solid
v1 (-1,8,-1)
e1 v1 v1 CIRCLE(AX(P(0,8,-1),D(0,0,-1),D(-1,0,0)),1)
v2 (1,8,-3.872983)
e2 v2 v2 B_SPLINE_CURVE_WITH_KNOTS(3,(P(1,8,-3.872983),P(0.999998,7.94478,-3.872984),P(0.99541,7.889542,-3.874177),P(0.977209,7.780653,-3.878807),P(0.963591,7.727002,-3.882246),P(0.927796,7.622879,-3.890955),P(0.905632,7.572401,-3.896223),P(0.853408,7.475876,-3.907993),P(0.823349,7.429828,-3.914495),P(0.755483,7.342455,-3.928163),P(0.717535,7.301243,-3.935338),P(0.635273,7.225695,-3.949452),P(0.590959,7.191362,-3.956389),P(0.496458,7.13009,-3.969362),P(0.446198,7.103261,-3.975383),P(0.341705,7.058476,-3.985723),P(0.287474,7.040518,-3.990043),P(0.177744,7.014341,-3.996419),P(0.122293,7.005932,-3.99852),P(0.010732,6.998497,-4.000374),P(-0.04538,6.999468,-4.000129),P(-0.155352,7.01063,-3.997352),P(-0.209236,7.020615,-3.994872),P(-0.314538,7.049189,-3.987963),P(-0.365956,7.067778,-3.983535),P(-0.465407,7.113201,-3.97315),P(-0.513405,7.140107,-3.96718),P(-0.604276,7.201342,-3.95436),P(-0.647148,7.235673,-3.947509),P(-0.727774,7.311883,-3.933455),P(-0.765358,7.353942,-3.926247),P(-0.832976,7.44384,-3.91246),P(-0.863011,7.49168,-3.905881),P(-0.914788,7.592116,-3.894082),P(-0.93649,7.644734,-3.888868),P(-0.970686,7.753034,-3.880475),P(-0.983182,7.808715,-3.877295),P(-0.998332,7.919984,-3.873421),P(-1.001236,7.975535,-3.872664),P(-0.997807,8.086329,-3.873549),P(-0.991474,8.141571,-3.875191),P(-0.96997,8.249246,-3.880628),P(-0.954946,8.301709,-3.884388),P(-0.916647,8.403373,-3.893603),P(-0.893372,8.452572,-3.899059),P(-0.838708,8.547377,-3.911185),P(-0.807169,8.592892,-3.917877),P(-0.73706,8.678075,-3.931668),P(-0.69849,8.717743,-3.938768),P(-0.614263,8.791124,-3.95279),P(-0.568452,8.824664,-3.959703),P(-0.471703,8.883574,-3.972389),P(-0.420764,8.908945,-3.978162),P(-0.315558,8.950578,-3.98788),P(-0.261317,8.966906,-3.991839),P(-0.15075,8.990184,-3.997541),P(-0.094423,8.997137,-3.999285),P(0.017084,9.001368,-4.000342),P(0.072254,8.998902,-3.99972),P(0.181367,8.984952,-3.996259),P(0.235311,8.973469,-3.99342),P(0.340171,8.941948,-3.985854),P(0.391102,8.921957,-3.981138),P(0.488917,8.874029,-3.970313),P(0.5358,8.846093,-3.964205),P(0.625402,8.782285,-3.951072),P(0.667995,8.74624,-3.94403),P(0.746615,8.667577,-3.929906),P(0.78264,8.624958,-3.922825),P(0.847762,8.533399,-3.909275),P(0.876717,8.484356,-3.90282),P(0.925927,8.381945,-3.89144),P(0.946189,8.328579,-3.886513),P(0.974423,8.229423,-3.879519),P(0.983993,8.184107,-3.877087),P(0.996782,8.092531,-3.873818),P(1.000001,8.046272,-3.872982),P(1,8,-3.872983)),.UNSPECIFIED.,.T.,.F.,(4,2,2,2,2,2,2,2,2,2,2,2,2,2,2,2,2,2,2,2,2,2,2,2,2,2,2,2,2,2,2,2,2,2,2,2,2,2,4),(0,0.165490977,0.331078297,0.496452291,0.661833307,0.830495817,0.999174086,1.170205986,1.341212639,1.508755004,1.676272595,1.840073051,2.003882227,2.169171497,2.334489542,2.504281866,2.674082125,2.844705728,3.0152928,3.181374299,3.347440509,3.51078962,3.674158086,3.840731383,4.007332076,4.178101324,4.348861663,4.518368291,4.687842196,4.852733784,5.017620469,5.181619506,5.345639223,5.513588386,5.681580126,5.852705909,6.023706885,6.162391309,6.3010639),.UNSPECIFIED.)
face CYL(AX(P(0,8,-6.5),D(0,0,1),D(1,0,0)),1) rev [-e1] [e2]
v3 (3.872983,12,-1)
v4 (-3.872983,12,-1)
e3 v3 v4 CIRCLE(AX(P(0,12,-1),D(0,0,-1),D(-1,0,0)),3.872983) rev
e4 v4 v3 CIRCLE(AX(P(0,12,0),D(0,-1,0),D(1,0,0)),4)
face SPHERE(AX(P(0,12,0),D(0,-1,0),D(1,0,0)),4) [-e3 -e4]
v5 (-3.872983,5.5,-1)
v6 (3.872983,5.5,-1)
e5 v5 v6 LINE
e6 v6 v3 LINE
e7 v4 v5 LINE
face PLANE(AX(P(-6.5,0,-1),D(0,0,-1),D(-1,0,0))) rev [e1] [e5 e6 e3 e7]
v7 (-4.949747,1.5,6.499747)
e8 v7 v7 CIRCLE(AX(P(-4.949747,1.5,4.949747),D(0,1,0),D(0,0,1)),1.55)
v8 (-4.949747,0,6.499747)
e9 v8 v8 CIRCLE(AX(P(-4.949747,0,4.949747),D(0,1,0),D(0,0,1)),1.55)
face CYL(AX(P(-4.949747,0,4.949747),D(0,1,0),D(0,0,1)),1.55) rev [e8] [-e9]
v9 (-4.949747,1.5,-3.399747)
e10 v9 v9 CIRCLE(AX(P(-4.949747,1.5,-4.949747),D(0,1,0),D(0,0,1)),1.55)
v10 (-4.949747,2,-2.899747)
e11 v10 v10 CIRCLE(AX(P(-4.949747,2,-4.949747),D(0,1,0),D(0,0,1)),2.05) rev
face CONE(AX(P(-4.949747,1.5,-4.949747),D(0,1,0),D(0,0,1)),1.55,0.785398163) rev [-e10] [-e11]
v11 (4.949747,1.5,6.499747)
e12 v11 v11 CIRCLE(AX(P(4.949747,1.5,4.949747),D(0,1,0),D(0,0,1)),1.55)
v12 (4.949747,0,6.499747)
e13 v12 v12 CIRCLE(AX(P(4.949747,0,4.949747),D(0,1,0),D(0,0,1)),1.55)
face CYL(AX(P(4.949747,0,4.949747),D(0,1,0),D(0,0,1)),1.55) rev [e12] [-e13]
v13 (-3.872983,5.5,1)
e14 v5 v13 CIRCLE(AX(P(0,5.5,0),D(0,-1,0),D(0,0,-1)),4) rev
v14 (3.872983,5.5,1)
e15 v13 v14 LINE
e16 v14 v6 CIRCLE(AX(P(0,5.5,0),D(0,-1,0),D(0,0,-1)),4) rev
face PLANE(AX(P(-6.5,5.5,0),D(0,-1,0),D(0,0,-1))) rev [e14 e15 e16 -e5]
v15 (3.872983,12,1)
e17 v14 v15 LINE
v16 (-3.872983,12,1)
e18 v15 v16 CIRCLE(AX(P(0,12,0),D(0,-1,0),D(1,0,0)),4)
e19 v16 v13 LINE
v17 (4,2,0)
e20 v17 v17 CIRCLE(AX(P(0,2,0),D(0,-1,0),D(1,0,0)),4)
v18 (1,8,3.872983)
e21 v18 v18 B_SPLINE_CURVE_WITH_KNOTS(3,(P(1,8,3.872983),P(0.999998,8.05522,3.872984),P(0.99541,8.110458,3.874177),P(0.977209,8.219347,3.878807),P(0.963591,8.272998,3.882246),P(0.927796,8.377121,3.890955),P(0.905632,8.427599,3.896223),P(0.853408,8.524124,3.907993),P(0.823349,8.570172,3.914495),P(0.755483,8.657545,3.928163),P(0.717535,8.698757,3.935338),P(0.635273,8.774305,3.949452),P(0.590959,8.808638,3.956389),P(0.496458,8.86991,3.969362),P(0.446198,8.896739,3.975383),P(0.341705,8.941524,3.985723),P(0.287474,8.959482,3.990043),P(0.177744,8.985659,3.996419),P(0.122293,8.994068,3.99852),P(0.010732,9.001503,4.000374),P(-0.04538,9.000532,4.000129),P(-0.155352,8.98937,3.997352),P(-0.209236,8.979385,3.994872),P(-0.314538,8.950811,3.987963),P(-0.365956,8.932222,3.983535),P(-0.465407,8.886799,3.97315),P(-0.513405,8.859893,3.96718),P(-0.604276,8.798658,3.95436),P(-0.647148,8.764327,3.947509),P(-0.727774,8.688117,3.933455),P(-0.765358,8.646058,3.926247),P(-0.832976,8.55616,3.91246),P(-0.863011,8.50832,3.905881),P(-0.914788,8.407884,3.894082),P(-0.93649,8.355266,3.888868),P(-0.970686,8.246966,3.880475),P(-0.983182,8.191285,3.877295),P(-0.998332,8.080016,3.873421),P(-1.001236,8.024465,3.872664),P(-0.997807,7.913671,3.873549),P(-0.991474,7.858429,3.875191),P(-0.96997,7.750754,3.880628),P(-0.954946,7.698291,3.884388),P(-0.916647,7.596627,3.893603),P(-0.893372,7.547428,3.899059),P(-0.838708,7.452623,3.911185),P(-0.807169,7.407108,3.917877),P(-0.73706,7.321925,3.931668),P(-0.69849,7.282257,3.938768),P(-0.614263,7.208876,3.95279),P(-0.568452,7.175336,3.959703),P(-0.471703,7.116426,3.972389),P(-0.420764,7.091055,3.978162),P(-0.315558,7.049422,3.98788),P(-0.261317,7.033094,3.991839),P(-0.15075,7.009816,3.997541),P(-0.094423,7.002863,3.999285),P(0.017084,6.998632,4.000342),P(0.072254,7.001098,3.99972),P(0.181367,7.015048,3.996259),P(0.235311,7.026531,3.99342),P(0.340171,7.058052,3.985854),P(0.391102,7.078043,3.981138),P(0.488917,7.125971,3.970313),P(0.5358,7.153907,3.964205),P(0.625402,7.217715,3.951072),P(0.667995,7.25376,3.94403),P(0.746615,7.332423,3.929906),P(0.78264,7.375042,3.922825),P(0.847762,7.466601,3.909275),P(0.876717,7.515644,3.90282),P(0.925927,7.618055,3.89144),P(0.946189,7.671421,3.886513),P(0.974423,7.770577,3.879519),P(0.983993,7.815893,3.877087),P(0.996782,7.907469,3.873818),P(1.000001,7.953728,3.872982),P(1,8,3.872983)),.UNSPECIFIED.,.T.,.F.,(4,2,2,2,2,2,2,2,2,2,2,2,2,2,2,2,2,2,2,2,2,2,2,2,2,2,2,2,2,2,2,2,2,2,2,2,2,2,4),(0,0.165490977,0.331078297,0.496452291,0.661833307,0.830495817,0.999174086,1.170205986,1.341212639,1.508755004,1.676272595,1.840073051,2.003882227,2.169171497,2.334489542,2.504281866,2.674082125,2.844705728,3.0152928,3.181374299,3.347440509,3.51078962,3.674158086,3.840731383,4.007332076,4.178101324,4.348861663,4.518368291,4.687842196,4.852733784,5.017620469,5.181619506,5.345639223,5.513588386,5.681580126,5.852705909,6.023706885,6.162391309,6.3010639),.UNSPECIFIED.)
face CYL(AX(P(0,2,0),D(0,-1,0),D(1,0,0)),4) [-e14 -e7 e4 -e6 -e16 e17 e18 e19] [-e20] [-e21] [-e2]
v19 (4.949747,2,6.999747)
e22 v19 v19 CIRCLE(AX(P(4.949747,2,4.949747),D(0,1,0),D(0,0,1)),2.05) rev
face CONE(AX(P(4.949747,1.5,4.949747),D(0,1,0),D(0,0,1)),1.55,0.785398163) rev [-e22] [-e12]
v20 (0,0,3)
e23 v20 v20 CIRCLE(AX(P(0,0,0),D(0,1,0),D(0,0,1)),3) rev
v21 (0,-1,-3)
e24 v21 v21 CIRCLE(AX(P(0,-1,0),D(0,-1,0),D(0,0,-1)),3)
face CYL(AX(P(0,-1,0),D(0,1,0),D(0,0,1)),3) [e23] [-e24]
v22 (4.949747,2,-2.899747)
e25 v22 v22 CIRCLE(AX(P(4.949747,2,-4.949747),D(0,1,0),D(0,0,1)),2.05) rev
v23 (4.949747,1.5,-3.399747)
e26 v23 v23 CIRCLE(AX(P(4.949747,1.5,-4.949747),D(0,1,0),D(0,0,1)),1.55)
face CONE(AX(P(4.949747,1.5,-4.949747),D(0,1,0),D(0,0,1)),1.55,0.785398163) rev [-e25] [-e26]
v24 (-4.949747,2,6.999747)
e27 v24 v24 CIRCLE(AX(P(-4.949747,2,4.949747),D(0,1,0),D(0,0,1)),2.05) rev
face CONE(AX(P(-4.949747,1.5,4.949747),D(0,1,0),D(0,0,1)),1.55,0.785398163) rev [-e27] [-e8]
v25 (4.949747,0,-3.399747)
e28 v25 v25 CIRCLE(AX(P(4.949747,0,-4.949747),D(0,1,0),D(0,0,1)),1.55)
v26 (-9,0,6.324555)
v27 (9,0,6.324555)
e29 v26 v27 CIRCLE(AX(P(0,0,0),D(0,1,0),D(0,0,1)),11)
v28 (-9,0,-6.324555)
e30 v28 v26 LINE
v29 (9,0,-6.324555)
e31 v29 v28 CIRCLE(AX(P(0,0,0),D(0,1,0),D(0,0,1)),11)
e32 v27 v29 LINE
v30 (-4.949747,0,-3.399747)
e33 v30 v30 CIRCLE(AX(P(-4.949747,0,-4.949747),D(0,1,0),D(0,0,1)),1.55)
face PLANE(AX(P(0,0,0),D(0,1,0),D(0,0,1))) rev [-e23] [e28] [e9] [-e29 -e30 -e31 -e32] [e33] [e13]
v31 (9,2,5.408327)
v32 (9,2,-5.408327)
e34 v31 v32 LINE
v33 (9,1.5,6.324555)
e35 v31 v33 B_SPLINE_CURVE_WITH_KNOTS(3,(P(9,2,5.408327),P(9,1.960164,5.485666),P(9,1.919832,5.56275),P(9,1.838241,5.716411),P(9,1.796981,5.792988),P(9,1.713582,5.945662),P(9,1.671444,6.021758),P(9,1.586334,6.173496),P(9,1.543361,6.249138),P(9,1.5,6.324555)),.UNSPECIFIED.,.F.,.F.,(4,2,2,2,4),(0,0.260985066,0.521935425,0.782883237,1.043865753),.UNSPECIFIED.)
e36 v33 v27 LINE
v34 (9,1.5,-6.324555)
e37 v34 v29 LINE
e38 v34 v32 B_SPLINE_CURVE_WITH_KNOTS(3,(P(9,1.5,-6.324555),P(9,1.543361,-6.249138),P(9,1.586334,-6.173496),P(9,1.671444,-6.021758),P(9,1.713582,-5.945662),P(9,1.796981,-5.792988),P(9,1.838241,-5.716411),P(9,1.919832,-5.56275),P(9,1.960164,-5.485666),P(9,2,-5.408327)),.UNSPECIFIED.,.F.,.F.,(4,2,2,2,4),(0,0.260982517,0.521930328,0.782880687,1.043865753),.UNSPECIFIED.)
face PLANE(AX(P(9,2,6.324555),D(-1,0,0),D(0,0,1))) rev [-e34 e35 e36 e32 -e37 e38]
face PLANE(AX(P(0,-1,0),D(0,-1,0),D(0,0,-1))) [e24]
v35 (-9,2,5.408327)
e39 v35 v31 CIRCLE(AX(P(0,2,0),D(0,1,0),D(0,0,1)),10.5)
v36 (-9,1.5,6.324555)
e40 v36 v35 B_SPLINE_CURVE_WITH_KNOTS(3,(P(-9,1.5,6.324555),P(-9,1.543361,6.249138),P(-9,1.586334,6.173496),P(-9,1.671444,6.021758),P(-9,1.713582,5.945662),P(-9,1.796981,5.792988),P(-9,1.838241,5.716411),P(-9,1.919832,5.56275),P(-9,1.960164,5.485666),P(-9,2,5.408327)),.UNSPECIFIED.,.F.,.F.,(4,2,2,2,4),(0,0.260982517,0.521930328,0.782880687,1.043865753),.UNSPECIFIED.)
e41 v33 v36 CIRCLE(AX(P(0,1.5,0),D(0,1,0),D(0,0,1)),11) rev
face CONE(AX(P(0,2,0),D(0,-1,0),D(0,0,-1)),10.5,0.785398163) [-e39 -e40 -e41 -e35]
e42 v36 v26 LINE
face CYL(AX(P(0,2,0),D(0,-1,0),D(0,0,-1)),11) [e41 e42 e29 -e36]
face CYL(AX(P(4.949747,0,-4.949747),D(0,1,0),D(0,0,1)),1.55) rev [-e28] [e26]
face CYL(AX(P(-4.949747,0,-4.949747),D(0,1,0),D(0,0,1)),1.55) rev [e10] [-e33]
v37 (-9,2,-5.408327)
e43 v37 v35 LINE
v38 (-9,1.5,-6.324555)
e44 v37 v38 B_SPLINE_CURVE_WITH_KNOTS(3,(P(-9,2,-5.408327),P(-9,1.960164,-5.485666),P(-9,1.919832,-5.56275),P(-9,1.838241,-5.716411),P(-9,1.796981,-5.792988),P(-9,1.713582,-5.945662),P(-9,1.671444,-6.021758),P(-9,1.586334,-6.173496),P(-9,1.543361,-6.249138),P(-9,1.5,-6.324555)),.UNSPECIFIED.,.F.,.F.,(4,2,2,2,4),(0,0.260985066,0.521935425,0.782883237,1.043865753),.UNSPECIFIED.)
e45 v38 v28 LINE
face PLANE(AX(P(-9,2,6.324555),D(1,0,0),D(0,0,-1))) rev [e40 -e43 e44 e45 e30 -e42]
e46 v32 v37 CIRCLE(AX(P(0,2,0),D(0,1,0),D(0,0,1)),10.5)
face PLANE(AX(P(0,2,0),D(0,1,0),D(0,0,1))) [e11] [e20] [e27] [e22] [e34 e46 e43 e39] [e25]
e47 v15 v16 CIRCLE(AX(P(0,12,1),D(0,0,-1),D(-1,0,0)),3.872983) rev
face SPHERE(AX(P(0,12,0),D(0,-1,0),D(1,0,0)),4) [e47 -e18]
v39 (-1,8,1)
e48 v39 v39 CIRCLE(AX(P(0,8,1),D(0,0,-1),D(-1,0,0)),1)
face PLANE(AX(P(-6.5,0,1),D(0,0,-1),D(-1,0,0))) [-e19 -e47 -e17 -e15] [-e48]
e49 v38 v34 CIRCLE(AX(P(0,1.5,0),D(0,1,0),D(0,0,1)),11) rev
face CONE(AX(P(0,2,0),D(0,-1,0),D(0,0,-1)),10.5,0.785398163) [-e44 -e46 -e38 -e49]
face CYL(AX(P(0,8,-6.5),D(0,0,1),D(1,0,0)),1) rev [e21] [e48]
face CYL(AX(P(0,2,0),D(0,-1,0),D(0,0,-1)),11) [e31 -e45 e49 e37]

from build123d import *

# Parameters (mm, degrees)
BOSS_EXTRUDE1_DEPTH = 2
SKETCH2_R           = 1.55
CUT_EXTRUDE1_DEPTH  = 15.352700094
CHAMFER1_SIZE       = 0.5
SKETCH4_W           = 2
SKETCH4_H           = 14.133755883
CUT_EXTRUDE2_DEPTH  = 6.5
SKETCH5_R           = 1
CUT_EXTRUDE3_DEPTH  = 6.5
SKETCH6_R           = 3
BOSS_EXTRUDE2_DEPTH = 1


with BuildPart() as part:
    # Sketch1 → Boss-Extrude1 (new body)
    with BuildSketch(Plane(origin=(0, 0, 0), x_dir=(1, 0, 0), z_dir=(0, 1, 0))):
        with BuildLine():
            Line((-9, -6.32455532), (-9, 6.32455532))
            ThreePointArc((-9, 6.32455532), (0, 11), (9, 6.32455532))
            Line((9, 6.32455532), (9, -6.32455532))
            ThreePointArc((9, -6.32455532), (0, -11), (-9, -6.32455532))
        make_face()
    extrude(amount=BOSS_EXTRUDE1_DEPTH)

    # Sketch2 → Cut-Extrude1 (cut, through all)
    with BuildSketch(Plane(origin=(0, 2, 0), x_dir=(1, 0, 0), z_dir=(0, 1, 0))):
        with Locations(Location((4.949747468, 4.949747468, 0), (0, 0, 270))):
            Circle(SKETCH2_R)
        with Locations(Location((4.949747468, -4.949747468, 0), (0, 0, 270))):
            Circle(SKETCH2_R)
        with Locations(Location((-4.949747468, -4.949747468, 0), (0, 0, 270))):
            Circle(SKETCH2_R)
        with Locations(Location((-4.949747468, 4.949747468, 0), (0, 0, 270))):
            Circle(SKETCH2_R)
    extrude(amount=-CUT_EXTRUDE1_DEPTH, mode=Mode.SUBTRACT)

    # Chamfer1
    chamfer1_edges = [part.edges().sort_by_distance(p)[0] for p in [
        (0, 2, -11),
        (-4.949747468, 2, -6.499747468),
        (-4.949747468, 2, 3.399747468),
        (4.949747468, 2, 3.399747468),
        (4.949747468, 2, -6.499747468),
        (0, 2, 11),
    ]]
    chamfer(chamfer1_edges, length=CHAMFER1_SIZE)

    # Sketch3 → Revolve1 (revolve)
    with BuildSketch(Plane.XY):
        with BuildLine():
            Line((0, 2), (4, 2))
            Line((4, 2), (4, 12))
            ThreePointArc((4, 12), (2.828427125, 14.828427125), (0, 16))
            Line((0, 16), (0, 2))
        make_face()
    revolve(axis=Axis((0, 2, 0), (0, 1, 0)))

    # Sketch4 → Cut-Extrude2 (cut, symmetric)
    with BuildSketch(Plane(origin=(0, 0, 0), x_dir=(0, 0, -1), z_dir=(1, 0, 0))):
        with Locations((0, 12.566877942)):
            Rectangle(SKETCH4_W, SKETCH4_H)
    extrude(amount=CUT_EXTRUDE2_DEPTH, both=True, mode=Mode.SUBTRACT)

    # Sketch5 → Cut-Extrude3 (cut, symmetric)
    with BuildSketch(Plane.XY):
        with Locations((0, 8)):
            Circle(SKETCH5_R)
    extrude(amount=CUT_EXTRUDE3_DEPTH, both=True, mode=Mode.SUBTRACT)

    # Sketch6 → Boss-Extrude2 (add)
    with BuildSketch(Plane.XZ):
        with Locations(Location((0, 0, 0), (0, 0, 90))):
            Circle(SKETCH6_R)
    extrude(amount=BOSS_EXTRUDE2_DEPTH)


solid = part.part
